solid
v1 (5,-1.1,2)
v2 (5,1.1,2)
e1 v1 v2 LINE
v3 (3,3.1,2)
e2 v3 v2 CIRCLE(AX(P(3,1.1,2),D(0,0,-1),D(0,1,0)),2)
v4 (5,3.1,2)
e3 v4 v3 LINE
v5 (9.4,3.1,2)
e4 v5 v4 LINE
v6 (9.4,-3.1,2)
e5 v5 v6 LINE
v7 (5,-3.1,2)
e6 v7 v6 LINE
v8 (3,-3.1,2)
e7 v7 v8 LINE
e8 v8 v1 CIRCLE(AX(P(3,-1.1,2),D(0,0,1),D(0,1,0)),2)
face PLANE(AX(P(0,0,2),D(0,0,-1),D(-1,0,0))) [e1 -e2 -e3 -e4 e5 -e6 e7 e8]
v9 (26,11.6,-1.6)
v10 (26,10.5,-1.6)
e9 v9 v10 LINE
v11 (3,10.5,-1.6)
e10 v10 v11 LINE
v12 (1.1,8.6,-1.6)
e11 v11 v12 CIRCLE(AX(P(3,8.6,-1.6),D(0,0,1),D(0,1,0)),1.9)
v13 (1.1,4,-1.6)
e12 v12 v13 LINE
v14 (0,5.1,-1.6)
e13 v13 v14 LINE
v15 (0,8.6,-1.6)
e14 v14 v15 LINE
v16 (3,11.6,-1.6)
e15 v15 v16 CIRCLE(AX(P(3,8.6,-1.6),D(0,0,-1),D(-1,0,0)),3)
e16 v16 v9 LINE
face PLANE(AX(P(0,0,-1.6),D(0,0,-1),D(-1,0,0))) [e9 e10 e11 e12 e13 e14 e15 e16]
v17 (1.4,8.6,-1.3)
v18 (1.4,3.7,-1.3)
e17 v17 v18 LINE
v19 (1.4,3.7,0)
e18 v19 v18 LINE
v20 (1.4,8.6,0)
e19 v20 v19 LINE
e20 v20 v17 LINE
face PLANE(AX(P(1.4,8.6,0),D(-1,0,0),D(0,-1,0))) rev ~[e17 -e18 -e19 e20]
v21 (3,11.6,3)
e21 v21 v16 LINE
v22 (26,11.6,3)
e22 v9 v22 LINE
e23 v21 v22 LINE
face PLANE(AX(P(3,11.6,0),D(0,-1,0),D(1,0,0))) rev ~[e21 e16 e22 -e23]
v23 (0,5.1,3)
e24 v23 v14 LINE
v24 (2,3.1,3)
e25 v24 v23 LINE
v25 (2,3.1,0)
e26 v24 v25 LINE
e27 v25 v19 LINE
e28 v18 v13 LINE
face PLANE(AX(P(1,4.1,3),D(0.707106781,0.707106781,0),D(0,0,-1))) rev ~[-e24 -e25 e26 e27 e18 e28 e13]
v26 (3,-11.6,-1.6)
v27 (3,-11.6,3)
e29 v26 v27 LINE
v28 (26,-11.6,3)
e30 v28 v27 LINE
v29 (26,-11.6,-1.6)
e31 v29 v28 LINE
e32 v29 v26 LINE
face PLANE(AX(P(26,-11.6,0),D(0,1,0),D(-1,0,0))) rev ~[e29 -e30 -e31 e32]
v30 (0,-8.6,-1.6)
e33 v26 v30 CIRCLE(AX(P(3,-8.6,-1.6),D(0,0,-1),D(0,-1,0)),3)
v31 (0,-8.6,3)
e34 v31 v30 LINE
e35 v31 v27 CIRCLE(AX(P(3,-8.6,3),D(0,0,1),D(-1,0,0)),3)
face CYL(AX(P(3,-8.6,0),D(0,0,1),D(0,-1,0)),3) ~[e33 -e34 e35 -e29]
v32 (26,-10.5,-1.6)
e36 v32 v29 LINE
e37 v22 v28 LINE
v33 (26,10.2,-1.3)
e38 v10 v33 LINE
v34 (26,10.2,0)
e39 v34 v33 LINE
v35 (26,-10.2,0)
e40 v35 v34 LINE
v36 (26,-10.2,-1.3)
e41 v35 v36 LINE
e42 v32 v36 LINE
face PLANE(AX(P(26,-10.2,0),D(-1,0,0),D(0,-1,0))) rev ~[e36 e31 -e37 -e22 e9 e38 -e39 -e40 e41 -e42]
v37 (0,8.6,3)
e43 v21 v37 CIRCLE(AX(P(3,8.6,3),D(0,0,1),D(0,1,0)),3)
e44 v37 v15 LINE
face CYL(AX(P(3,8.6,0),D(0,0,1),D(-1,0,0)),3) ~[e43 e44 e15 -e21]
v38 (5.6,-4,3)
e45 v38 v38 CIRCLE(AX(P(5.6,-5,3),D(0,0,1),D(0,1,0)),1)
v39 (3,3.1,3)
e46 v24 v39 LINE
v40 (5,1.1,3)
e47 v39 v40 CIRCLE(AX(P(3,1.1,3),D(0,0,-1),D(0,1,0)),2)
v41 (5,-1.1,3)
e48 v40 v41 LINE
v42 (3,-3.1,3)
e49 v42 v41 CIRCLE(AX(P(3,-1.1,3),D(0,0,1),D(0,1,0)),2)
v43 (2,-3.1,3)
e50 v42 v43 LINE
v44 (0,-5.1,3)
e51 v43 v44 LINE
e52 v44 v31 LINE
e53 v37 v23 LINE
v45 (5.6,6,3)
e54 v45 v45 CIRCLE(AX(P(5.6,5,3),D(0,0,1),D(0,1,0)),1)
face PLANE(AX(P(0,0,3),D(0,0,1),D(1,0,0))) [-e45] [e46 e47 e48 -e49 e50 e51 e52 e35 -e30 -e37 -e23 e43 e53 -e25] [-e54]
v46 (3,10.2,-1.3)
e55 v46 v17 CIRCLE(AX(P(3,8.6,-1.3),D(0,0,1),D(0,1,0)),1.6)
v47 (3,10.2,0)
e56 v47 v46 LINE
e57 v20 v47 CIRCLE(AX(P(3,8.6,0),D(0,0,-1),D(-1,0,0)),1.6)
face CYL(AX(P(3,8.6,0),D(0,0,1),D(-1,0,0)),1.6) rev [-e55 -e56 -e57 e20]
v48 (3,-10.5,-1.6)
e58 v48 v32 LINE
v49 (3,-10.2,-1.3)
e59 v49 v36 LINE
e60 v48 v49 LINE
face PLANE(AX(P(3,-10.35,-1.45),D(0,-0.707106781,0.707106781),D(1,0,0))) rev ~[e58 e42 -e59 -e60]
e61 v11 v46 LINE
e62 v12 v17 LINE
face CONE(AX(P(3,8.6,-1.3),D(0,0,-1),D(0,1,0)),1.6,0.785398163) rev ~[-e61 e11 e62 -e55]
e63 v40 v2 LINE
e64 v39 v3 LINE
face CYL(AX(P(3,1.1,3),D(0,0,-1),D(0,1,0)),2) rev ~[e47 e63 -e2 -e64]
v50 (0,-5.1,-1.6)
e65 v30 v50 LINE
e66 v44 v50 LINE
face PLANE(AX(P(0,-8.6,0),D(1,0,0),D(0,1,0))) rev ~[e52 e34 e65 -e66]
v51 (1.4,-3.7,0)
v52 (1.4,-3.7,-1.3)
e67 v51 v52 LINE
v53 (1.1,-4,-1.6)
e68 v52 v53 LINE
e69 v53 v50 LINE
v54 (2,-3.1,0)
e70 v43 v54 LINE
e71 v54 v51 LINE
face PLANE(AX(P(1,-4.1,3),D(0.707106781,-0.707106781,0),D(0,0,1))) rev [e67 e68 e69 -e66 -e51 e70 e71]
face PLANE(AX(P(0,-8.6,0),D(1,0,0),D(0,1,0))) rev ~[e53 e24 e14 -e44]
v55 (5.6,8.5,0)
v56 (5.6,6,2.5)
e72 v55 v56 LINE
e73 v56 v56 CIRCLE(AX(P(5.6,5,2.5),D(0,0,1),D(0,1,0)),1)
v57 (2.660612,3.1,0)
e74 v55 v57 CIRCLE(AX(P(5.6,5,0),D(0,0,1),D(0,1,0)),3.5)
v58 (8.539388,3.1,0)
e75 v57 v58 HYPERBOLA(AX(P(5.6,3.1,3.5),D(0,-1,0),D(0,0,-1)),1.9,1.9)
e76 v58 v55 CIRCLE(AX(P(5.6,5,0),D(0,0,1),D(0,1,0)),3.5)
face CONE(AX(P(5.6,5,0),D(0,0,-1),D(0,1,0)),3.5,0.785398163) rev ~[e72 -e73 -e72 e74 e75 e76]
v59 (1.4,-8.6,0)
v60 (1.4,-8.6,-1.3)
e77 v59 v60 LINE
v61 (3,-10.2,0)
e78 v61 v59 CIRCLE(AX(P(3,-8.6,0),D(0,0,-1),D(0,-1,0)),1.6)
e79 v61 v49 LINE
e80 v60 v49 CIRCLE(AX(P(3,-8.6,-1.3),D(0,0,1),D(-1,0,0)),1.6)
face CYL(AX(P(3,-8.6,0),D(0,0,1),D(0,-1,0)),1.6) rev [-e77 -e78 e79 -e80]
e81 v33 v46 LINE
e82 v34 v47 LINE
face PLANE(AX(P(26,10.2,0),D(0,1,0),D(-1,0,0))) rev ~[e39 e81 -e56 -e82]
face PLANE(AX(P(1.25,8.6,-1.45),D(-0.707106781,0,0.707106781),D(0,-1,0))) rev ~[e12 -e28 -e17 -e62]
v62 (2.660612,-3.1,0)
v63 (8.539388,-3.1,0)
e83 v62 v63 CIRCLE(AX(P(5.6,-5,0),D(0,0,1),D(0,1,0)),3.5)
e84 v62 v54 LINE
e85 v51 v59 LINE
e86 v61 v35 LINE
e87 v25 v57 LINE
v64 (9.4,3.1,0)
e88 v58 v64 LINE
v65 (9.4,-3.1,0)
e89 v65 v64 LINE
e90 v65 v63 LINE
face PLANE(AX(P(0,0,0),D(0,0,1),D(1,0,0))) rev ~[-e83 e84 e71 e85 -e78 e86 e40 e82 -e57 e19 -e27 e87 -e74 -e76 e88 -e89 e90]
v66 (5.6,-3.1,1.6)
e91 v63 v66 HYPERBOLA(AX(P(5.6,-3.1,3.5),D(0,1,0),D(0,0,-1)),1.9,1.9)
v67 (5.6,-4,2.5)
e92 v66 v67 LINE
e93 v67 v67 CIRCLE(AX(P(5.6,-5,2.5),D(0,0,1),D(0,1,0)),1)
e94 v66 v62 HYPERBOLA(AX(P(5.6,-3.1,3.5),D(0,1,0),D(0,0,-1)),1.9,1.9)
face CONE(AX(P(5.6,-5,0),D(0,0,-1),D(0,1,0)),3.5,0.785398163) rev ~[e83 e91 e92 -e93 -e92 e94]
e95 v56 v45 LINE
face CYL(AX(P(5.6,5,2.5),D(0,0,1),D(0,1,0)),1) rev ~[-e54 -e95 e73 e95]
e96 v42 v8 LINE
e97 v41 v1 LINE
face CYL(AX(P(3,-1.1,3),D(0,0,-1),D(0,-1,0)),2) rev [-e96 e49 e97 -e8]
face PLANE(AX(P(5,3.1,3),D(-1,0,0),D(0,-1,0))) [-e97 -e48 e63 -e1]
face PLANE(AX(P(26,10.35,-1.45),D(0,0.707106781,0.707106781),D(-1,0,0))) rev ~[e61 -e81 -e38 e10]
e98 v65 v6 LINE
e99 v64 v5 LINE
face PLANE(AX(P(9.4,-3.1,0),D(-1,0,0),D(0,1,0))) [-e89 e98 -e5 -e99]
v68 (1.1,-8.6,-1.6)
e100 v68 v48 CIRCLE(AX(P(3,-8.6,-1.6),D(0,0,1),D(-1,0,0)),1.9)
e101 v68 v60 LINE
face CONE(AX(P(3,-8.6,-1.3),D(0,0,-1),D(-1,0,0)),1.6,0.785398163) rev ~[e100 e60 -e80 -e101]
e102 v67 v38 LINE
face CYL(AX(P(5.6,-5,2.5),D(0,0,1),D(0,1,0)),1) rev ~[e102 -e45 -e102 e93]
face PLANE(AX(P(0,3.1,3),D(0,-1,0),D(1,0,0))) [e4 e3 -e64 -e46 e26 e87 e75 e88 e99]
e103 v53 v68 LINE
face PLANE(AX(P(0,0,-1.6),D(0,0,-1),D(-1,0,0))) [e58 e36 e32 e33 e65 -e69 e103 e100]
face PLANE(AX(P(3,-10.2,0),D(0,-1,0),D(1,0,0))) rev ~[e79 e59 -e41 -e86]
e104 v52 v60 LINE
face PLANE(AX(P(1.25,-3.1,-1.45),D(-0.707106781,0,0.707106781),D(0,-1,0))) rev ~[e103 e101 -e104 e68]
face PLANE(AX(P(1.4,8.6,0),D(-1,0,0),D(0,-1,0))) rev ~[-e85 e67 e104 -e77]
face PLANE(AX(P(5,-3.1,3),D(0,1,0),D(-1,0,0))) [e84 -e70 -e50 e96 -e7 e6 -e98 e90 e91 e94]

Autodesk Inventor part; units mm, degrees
ref_plane "YZ Plane" through (0, 0, 0) normal (1, 0, 0) x (0, 1, 0)
ref_plane "XZ Plane" through (0, 0, 0) normal (0, 1, 0) x (-1, 0, 0)
ref_plane "XY Plane" through (0, 0, 0) normal (0, 0, 1) x (1, 0, 0)
sketch "Skizze1" plane through (0, 0, 0) normal (0, 0, 1) x (1, 0, 0)
  line L0 (3, 11.6) -> (26, 11.6)
  line L1 (26, 11.6) -> (26, -11.6)
  line L2 (26, -11.6) -> (3, -11.6)
  line L3 (0, -8.6) -> (0, 8.6)
  line L4 (-5.9456, 0) -> (31.3243, 0) projected
  arc A0 (3, 11.6) -> (0, 8.6) centre (3, 8.6) ccw
  arc A1 (0, -8.6) -> (3, -11.6) centre (3, -8.6) ccw
  point P0 (0, 0)
  point P1 (0, 11.6)
  dimension "d0" = 23.2
  dimension "d1" = 26
  dimension "d2" = 3
extrude "Extrusion1" add sketch "Skizze1" along normal blind 3
sketch "Skizze2" plane through (0, 0, 0) normal (0, 0, -1) x (-1, 0, 0)
  line L0 (0, -8.6) -> (0, 8.6) projected
  arc A0 (0, 8.6) -> (-3, 11.6) centre (-3, 8.6) ccw projected
  line L1 (-3, 11.6) -> (-26, 11.6) projected
  line L2 (-26, 11.6) -> (-26, -11.6) projected
  line L3 (-26, -11.6) -> (-3, -11.6) projected
  arc A1 (-3, -11.6) -> (0, -8.6) centre (-3, -8.6) ccw projected
  line L4 (-3, -10.2) -> (-26, -10.2)
  line L5 (-26, -10.2) -> (-26, 10.2)
  line L6 (-26, 10.2) -> (-3, 10.2)
  arc A2 (-1.4, 8.6) -> (-3, 10.2) centre (-3, 8.6) ccw
  line L7 (-1.4, 8.6) -> (-1.4, -8.6)
  arc A3 (-3, -10.2) -> (-1.4, -8.6) centre (-3, -8.6) ccw
  line L8 (0, -8.6) -> (0, 8.6) projected
  point P0 (0, 0)
  dimension "d8" = 1.4
extrude "Extrusion2" add sketch "Skizze2" along normal blind 1.6 contours A1 L3 L2 L4 A3 L7 A2 L6 L1 A0 L0
sketch "Skizze3" plane through (0, 0, 3) normal (0, 0, 1) x (1, 0, 0)
  line L0 (0, 8.6) -> (0, -8.6) projected
  arc A0 (0, -8.6) -> (3, -11.6) centre (3, -8.6) ccw projected
  line L1 (3, -11.6) -> (26, -11.6) projected
  line L2 (26, -11.6) -> (26, 11.6) projected
  line L3 (26, 11.6) -> (3, 11.6) projected
  arc A1 (3, 11.6) -> (0, 8.6) centre (3, 8.6) ccw projected
  line L4 (0, 8.6) -> (0, -8.6) projected
  line L5 (0, 3.1) -> (5, 3.1)
  line L6 (5, 3.1) -> (5, -3.1)
  line L7 (5, -3.1) -> (0, -3.1)
  line L8 (0, -3.1) -> (0, 3.1)
  line L9 (-5.6971, 0) -> (31.2828, 0) projected
  point P0 (0, 0)
  dimension "d9" = 8.5
  dimension "d10" = 5
extrude "Extrusion3" cut sketch "Skizze3" against normal through all contours L5 L6 L9 L0 | L9 L6 L7 L0
sketch "Skizze5" plane through (0, 0, 0) normal (0, 0, -1) x (-1, 0, 0)
  line L0 (-5, -3.1) -> (-5, 3.1) projected
  line L1 (-31.2, 0) -> (5.2, 0) projected
  line L2 (-5, 3.1) -> (-5, -3.1) projected
  line L3 (-5, -3.1) -> (-9.4, -3.1)
  line L4 (-9.4, -3.1) -> (-9.4, 3.1)
  line L5 (-9.4, 3.1) -> (-5, 3.1)
  line L6 (-5, 3.1) -> (-5, -3.1)
  line L7 (-1.4, -8.6) -> (-1.4, -3.1) projected
  point P0 (0, 0)
  dimension "d23" = 8
extrude "Extrusion4" cut sketch "Skizze5" against normal blind 2
sketch "Skizze4" plane through (0, 0, 0) normal (0, 0, -1) x (-1, 0, 0)
  line L0 (0, -16.24) -> (0, 16.24) projected
  line L1 (-31.2, 0) -> (5.2, 0) projected
  line L2 (-1.4, -3.1) -> (-1.4, -8.6) projected
  point P0 (0, 0)
  point P1 (-5.6, -5)
  point P2 (-5.6, 5)
  dimension "d13" = 10
  dimension "d15" = 4.2
hole "Bohrung1" at (5.6, -5, 0) at (5.6, 5, 0) direction (0, 0, 1) diameter 2 end through all countersink diameter 7 countersink angle 90
fillet "Rundung1" radius 2 2 edges at (5, 3.1, 2.5) (5, -3.1, 2.5)
sketch "Skizze6" plane through (0, 0, -1.6) normal (0, 0, -1) x (-1, 0, 0)
  line L0 (0, -3.1) -> (-1.4, -3.1) projected
  line L1 (-1.4, -3.1) -> (-1.4, -8.6) projected
  arc A0 (-3, -10.2) -> (-1.4, -8.6) centre (-3, -8.6) ccw projected
  line L2 (-3, -10.2) -> (-26, -10.2) projected
  line L3 (-26, -10.2) -> (-26, -11.6) projected
  line L4 (-26, -11.6) -> (-3, -11.6) projected
  arc A1 (-3, -11.6) -> (0, -8.6) centre (-3, -8.6) ccw projected
  line L5 (0, -8.6) -> (0, -3.1) projected
  line L6 (-1.4, 3.1) -> (0, 3.1) projected
  line L7 (0, 3.1) -> (0, 8.6) projected
  arc A2 (0, 8.6) -> (-3, 11.6) centre (-3, 8.6) ccw projected
  line L8 (-3, 11.6) -> (-26, 11.6) projected
  line L9 (-26, 11.6) -> (-26, 10.2) projected
  line L10 (-26, 10.2) -> (-3, 10.2) projected
  arc A3 (-1.4, 8.6) -> (-3, 10.2) centre (-3, 8.6) ccw projected
  line L11 (-1.4, 8.6) -> (-1.4, 3.1) projected
  line L12 (-3, -11.6) -> (-26, -11.6) projected
  line L13 (-26, -10.2) -> (-3, -10.2) projected
  line L14 (-26, -11.6) -> (-21, -11.6)
  line L15 (-21, -11.6) -> (-21, -10.2)
  line L16 (-21, -10.2) -> (-26, -10.2)
  line L17 (-26, -10.2) -> (-26, -11.6)
  point P0 (0, 0)
  dimension "d27" = 5
extrude "Extrusion5" [suppressed]
sketch "Skizze8" plane through (26, -11.6, 3) normal (1, 0, 0) x (0, 0, -1)
  line L0 (0, 23.2) -> (4.6, 23.2) projected
  line L1 (0, 0) -> (0, 23.2) projected
  line L2 (0, 0) -> (4.6, 0) projected
  line L3 (4.6, 1.4) -> (3, 1.4) projected
  line L4 (3, 21.8) -> (3, 1.4) projected
  line L5 (3, 21.8) -> (4.6, 21.8) projected
  line L6 (4.6, 23.2) -> (4.6, 21.8) projected
  line L7 (6.6, 1.4) -> (5.5, 2.0351)
  line L8 (5.5, 2.0351) -> (4.4, 1.4)
  line L9 (6.6, 1.4) -> (3, 1.4) projected
  line L10 (5.5, 2.0351) -> (5.5, 1.4) construction
  line L11 (6.6, 1.4) -> (4.4, 1.4)
  line L12 (4.6, 1.4) -> (4.6, 0) projected
  point P0 (3, 11.6)
  dimension "d30" = 2.2
  dimension "d34" = 30
extrude "Extrusion6" [suppressed]
sketch "Skizze9" plane through (0, 0, -1.6) normal (0, 0, -1) x (-1, 0, 0)
  line L0 (-26, -11.6) -> (-3, -11.6) projected
  arc A0 (-3, -11.6) -> (0, -8.6) centre (-3, -8.6) ccw projected
  line L1 (0, -8.6) -> (0, -3.1) projected
  line L2 (0, -3.1) -> (-1.4, -3.1) projected
  line L3 (-1.4, -3.1) -> (-1.4, -8.6) projected
  arc A1 (-3, -10.2) -> (-1.4, -8.6) centre (-3, -8.6) ccw projected
  line L4 (-3, -10.2) -> (-26, -10.2) projected
  line L5 (-26, -11.6) -> (-3, -11.6) projected
  line L6 (-21, -11.6) -> (-20, -11.6)
  line L7 (-20, -11.6) -> (-20, -9.2)
  line L8 (-20, -9.2) -> (-21, -9.2)
  line L9 (-21, -10.6) -> (-21, -11.6)
  line L10 (-20, -9.2) -> (-26, -9.2)
  line L11 (-26, -9.2) -> (-26, -10.6)
  line L12 (-20, -10.2) -> (-20, -9.2)
  line L13 (-21, -10.6) -> (-26, -10.6)
  line L14 (-26, -10.2) -> (-26, -11.6) projected
  point P0 (0, 0)
  dimension "d40" = 1
  dimension "d41" = 1.4
extrude "Extrusion7" [suppressed]
mirror "Spiegeln1" [suppressed]
chamfer "Fase1" [suppressed]
chamfer "Fase2" distance 0.3 angle 45 6 edges at (14.5, -10.2, -1.6) (1.8686, -9.7314, -1.6) (1.4, -5.85, -1.6) (14.5, 10.2, -1.6) (1.8686, 9.7314, -1.6) (1.4, 5.85, -1.6)
chamfer "Fase3" distance 2 angle 45 2 edges at (0, 3.1, 0.7) (0, -3.1, 0.7)
properties part number "Kondensatorschutz" material "PC/ABS-Kunststoff"
